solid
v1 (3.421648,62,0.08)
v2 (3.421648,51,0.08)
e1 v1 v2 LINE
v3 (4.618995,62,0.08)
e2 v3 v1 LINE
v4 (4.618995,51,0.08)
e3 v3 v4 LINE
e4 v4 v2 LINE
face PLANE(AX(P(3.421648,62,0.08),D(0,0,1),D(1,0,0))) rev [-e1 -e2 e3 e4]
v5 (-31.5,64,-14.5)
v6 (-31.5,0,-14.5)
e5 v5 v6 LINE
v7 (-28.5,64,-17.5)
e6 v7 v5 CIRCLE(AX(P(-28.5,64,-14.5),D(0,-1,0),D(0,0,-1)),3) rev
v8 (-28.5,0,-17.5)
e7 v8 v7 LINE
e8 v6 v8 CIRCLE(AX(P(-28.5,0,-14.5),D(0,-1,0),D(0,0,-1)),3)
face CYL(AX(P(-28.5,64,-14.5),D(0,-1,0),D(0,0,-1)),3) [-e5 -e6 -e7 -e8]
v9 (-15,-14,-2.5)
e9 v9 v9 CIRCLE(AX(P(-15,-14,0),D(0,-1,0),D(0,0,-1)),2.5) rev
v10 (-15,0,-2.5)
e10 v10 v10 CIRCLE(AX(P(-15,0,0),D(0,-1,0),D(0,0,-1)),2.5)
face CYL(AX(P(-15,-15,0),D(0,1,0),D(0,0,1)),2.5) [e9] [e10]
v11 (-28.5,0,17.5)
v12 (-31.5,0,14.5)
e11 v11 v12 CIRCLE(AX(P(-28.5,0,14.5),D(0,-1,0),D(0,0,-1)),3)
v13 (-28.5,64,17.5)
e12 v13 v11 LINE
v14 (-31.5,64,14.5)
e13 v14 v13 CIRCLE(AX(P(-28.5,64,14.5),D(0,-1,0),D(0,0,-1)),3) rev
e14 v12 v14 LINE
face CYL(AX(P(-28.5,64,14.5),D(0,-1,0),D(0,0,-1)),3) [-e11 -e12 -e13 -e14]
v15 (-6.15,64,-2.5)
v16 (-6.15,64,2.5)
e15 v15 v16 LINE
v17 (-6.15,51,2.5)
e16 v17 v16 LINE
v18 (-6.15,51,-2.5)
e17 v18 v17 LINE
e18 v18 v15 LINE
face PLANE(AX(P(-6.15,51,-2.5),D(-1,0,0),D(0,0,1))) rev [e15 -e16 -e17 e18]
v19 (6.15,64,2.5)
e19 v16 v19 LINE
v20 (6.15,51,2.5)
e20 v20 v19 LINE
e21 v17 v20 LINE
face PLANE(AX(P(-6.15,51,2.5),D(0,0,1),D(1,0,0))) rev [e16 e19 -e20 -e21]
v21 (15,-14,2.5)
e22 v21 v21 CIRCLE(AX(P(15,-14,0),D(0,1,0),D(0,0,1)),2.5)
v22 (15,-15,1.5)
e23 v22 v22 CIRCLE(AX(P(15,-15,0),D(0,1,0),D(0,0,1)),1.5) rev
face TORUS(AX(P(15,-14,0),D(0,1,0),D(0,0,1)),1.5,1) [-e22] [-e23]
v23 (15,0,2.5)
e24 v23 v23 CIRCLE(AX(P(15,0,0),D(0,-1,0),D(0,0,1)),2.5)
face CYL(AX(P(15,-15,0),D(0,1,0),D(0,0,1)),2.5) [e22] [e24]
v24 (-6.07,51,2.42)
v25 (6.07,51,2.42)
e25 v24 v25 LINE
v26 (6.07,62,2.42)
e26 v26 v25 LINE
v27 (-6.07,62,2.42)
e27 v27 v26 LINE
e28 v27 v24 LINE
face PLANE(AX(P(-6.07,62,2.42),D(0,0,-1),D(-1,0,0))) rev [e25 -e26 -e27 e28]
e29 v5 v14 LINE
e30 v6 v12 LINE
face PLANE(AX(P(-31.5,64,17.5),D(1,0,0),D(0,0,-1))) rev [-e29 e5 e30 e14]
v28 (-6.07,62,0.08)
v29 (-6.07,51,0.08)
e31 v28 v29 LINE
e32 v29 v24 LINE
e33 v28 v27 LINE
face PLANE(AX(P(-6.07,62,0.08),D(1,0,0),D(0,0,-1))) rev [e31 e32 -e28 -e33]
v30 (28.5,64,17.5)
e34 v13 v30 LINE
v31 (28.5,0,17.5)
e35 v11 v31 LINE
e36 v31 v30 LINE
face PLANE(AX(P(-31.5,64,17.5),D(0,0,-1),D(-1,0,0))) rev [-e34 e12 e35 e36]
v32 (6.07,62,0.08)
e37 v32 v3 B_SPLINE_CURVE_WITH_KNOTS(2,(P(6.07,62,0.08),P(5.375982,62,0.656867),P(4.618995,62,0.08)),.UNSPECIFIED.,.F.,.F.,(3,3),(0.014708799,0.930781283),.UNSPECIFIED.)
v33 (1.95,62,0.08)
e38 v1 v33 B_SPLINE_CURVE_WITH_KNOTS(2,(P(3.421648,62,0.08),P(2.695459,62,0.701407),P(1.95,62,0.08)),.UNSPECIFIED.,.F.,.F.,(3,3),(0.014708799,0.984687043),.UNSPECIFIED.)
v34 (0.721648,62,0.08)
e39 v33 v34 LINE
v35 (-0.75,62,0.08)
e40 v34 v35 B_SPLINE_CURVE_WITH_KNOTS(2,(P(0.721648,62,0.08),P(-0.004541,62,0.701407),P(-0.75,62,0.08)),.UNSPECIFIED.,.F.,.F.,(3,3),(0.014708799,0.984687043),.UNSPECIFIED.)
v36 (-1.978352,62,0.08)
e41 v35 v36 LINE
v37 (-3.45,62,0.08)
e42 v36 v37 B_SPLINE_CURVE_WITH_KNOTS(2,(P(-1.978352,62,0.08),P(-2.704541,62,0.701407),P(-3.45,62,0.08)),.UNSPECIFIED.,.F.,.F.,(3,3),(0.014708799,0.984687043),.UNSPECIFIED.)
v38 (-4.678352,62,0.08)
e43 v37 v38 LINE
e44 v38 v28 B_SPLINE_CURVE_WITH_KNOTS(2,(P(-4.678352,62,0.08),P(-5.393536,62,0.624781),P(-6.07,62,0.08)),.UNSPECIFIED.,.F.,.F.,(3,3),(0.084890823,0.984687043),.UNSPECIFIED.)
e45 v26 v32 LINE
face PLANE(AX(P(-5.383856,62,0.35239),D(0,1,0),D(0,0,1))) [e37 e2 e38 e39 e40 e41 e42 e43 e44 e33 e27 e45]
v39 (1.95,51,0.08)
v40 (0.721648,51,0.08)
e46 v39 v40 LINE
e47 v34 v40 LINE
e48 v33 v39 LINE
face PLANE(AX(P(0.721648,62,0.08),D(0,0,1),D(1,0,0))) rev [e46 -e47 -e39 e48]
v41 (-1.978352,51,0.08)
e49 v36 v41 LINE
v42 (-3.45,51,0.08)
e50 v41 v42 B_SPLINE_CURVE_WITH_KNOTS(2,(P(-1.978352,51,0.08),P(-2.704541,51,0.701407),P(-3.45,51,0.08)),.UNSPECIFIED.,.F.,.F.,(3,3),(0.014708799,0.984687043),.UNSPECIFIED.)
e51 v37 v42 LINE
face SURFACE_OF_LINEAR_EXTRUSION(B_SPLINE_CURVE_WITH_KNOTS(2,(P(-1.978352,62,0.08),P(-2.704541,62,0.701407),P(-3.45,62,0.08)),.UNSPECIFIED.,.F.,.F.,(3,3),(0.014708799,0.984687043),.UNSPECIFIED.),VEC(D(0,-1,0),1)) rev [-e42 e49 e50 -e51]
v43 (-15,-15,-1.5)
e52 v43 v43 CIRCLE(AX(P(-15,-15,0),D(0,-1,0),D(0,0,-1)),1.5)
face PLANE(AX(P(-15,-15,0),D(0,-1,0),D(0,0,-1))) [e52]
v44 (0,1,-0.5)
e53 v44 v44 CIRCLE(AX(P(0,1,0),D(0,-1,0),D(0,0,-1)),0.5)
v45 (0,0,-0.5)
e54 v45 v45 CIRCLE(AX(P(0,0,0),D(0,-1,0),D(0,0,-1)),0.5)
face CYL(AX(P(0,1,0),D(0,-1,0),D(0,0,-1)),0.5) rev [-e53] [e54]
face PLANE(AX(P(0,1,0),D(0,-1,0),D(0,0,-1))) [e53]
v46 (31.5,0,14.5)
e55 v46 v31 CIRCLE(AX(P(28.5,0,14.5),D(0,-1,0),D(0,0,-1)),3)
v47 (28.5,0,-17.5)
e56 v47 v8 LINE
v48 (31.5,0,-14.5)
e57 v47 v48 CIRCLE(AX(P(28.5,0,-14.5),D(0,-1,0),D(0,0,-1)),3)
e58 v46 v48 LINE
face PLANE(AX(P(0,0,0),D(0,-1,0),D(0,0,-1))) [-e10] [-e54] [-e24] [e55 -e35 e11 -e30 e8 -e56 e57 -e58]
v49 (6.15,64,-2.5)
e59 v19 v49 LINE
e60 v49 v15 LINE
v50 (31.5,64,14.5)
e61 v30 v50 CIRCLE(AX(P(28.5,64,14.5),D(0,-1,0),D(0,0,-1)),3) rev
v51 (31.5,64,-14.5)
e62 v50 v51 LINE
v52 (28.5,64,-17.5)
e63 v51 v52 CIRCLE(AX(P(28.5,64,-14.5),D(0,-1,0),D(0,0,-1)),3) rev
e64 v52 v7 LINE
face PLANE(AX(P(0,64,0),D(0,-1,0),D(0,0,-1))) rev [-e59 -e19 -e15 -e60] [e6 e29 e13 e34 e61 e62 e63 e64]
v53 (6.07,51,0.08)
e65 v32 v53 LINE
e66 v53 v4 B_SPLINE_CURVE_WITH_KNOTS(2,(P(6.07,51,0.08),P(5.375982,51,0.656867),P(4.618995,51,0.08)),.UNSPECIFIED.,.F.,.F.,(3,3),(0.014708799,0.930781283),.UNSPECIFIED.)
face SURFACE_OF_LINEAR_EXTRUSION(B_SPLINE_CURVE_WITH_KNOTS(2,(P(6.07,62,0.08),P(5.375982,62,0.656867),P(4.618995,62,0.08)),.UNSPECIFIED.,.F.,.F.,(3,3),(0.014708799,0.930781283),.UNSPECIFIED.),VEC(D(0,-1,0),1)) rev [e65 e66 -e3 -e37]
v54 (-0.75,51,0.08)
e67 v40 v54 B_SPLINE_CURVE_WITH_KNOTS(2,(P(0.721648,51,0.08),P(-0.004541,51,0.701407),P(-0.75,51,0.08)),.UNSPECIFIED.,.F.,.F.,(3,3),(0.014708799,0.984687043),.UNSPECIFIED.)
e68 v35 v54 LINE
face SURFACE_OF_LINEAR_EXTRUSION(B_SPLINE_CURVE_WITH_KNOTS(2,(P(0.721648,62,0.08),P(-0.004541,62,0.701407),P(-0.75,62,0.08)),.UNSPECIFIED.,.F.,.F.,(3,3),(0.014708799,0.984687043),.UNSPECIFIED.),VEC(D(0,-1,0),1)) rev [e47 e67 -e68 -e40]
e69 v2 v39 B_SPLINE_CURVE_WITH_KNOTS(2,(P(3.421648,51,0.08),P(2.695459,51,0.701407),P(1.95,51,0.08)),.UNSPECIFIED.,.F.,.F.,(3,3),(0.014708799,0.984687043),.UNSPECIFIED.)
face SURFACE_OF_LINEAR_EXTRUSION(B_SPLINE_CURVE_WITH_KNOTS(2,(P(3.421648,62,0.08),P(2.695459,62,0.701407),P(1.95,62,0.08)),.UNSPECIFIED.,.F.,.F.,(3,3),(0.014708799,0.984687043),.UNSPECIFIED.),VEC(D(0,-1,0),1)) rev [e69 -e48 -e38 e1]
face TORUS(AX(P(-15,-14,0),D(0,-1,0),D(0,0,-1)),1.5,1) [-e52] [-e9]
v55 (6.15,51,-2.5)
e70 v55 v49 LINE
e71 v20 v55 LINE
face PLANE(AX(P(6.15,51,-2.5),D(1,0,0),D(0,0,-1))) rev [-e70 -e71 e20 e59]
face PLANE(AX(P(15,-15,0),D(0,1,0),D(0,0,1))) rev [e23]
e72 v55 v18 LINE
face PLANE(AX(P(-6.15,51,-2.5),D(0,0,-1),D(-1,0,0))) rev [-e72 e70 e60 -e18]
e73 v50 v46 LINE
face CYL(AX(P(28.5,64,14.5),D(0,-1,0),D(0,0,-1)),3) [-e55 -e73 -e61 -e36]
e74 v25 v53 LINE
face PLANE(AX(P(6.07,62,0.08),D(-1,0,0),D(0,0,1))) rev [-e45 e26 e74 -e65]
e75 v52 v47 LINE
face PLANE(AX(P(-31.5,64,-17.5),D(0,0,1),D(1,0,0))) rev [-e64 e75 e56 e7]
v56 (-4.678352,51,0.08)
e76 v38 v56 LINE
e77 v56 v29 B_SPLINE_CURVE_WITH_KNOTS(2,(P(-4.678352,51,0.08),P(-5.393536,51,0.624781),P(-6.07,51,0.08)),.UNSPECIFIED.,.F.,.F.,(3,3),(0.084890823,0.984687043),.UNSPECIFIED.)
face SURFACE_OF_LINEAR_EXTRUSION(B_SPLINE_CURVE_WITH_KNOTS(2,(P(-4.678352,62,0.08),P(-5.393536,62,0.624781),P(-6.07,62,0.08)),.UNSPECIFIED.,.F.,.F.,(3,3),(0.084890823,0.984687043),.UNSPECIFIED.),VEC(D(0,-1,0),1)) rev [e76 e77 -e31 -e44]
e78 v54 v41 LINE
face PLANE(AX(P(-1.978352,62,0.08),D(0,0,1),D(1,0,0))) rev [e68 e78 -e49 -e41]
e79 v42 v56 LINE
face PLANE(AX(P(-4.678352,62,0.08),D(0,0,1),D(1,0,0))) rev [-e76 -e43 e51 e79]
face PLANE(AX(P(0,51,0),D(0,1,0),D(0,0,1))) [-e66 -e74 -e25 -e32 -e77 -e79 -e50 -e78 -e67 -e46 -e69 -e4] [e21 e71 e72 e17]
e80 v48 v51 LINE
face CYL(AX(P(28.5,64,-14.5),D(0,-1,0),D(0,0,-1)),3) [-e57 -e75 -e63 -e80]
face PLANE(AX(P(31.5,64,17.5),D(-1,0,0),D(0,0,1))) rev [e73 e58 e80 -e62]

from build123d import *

# Parameters (mm, degrees)
SKETCH1_W           = 63
SKETCH1_H           = 35
BOSS_EXTRUDE1_DEPTH = 64
FILLET1_R           = 3
SKETCH2_R           = 2.5
BOSS_EXTRUDE2_DEPTH = 15
FILLET2_R           = 1
SKETCH4_R           = 0.5
CUT_EXTRUDE1_DEPTH  = 1
SKETCH5_W           = 12.3
SKETCH5_H           = 5
CUT_EXTRUDE2_DEPTH  = 13
BOSS_EXTRUDE3_DEPTH = 11


with BuildPart() as part:
    # Sketch1 → Boss-Extrude1 (new body)
    with BuildSketch(Plane(origin=(0, 0, 0), x_dir=(1, 0, 0), z_dir=(0, 1, 0))):
        Rectangle(SKETCH1_W, SKETCH1_H)
    extrude(amount=BOSS_EXTRUDE1_DEPTH)

    # Fillet1
    fillet1_edges = [part.edges().sort_by_distance(p)[0] for p in [
        (31.5, 32, 17.5),
        (-31.5, 32, 17.5),
        (-31.5, 32, -17.5),
        (31.5, 32, -17.5),
    ]]
    fillet(fillet1_edges, radius=FILLET1_R)

    # Sketch2 → Boss-Extrude2 (add)
    with BuildSketch(Plane.XZ):
        with Locations(Location((-15, 0, 0), (0, 0, 270))):
            Circle(SKETCH2_R)
        with Locations(Location((15, 0, 0), (0, 0, 90))):
            Circle(SKETCH2_R)
    extrude(amount=BOSS_EXTRUDE2_DEPTH)

    # Fillet2
    fillet2_edges = [part.edges().sort_by_distance(p)[0] for p in [
        (-15, -15, 2.5),
        (15, -15, -2.5),
    ]]
    fillet(fillet2_edges, radius=FILLET2_R)

    # Sketch4 → Cut-Extrude1 (cut)
    with BuildSketch(Plane.XZ):
        with Locations(Location((0, 0, 0), (0, 0, 270))):
            Circle(SKETCH4_R)
    extrude(amount=-CUT_EXTRUDE1_DEPTH, mode=Mode.SUBTRACT)

    # Sketch5 → Cut-Extrude2 (cut)
    with BuildSketch(Plane(origin=(0, 64, 0), x_dir=(1, 0, 0), z_dir=(0, 1, 0))):
        Rectangle(SKETCH5_W, SKETCH5_H)
    extrude(amount=-CUT_EXTRUDE2_DEPTH, mode=Mode.SUBTRACT)

    # Sketch6 → Boss-Extrude3 (add)
    with BuildSketch(Plane(origin=(0, 51, 0), x_dir=(1, 0, 0), z_dir=(0, 1, 0))):
        with BuildLine():
            Line((-6.07, -0.08), (-6.07, -2.42))
            Line((-6.07, -2.42), (6.07, -2.42))
            Line((6.07, -2.42), (6.07, -0.08))
            add(Edge.make_bspline(
                [(6.07, -0.08), (5.375982436, -0.656866539), (4.618995195, -0.08)],
                knots=[0.014708799, 0.014708799, 0.014708799, 0.930781283, 0.930781283, 0.930781283], degree=2))
            Line((4.618995195, -0.08), (3.421648134, -0.08))
            add(Edge.make_bspline(
                [(3.421648134, -0.08), (2.695459097, -0.701406982), (1.95, -0.08)],
                knots=[0.014708799, 0.014708799, 0.014708799, 0.984687043, 0.984687043, 0.984687043], degree=2))
            Line((1.95, -0.08), (0.721648134, -0.08))
            add(Edge.make_bspline(
                [(0.721648134, -0.08), (-0.004540903, -0.701406982), (-0.75, -0.08)],
                knots=[0.014708799, 0.014708799, 0.014708799, 0.984687043, 0.984687043, 0.984687043], degree=2))
            Line((-0.75, -0.08), (-1.978351866, -0.08))
            add(Edge.make_bspline(
                [(-1.978351866, -0.08), (-2.704540903, -0.701406982), (-3.45, -0.08)],
                knots=[0.014708799, 0.014708799, 0.014708799, 0.984687043, 0.984687043, 0.984687043], degree=2))
            Line((-3.45, -0.08), (-4.678351866, -0.08))
            add(Edge.make_bspline(
                [(-4.678351866, -0.08), (-5.393535509, -0.624780928), (-6.07, -0.08)],
                knots=[0.084890823, 0.084890823, 0.084890823, 0.984687043, 0.984687043, 0.984687043], degree=2))
        make_face()
    extrude(amount=BOSS_EXTRUDE3_DEPTH)


solid = part.part
